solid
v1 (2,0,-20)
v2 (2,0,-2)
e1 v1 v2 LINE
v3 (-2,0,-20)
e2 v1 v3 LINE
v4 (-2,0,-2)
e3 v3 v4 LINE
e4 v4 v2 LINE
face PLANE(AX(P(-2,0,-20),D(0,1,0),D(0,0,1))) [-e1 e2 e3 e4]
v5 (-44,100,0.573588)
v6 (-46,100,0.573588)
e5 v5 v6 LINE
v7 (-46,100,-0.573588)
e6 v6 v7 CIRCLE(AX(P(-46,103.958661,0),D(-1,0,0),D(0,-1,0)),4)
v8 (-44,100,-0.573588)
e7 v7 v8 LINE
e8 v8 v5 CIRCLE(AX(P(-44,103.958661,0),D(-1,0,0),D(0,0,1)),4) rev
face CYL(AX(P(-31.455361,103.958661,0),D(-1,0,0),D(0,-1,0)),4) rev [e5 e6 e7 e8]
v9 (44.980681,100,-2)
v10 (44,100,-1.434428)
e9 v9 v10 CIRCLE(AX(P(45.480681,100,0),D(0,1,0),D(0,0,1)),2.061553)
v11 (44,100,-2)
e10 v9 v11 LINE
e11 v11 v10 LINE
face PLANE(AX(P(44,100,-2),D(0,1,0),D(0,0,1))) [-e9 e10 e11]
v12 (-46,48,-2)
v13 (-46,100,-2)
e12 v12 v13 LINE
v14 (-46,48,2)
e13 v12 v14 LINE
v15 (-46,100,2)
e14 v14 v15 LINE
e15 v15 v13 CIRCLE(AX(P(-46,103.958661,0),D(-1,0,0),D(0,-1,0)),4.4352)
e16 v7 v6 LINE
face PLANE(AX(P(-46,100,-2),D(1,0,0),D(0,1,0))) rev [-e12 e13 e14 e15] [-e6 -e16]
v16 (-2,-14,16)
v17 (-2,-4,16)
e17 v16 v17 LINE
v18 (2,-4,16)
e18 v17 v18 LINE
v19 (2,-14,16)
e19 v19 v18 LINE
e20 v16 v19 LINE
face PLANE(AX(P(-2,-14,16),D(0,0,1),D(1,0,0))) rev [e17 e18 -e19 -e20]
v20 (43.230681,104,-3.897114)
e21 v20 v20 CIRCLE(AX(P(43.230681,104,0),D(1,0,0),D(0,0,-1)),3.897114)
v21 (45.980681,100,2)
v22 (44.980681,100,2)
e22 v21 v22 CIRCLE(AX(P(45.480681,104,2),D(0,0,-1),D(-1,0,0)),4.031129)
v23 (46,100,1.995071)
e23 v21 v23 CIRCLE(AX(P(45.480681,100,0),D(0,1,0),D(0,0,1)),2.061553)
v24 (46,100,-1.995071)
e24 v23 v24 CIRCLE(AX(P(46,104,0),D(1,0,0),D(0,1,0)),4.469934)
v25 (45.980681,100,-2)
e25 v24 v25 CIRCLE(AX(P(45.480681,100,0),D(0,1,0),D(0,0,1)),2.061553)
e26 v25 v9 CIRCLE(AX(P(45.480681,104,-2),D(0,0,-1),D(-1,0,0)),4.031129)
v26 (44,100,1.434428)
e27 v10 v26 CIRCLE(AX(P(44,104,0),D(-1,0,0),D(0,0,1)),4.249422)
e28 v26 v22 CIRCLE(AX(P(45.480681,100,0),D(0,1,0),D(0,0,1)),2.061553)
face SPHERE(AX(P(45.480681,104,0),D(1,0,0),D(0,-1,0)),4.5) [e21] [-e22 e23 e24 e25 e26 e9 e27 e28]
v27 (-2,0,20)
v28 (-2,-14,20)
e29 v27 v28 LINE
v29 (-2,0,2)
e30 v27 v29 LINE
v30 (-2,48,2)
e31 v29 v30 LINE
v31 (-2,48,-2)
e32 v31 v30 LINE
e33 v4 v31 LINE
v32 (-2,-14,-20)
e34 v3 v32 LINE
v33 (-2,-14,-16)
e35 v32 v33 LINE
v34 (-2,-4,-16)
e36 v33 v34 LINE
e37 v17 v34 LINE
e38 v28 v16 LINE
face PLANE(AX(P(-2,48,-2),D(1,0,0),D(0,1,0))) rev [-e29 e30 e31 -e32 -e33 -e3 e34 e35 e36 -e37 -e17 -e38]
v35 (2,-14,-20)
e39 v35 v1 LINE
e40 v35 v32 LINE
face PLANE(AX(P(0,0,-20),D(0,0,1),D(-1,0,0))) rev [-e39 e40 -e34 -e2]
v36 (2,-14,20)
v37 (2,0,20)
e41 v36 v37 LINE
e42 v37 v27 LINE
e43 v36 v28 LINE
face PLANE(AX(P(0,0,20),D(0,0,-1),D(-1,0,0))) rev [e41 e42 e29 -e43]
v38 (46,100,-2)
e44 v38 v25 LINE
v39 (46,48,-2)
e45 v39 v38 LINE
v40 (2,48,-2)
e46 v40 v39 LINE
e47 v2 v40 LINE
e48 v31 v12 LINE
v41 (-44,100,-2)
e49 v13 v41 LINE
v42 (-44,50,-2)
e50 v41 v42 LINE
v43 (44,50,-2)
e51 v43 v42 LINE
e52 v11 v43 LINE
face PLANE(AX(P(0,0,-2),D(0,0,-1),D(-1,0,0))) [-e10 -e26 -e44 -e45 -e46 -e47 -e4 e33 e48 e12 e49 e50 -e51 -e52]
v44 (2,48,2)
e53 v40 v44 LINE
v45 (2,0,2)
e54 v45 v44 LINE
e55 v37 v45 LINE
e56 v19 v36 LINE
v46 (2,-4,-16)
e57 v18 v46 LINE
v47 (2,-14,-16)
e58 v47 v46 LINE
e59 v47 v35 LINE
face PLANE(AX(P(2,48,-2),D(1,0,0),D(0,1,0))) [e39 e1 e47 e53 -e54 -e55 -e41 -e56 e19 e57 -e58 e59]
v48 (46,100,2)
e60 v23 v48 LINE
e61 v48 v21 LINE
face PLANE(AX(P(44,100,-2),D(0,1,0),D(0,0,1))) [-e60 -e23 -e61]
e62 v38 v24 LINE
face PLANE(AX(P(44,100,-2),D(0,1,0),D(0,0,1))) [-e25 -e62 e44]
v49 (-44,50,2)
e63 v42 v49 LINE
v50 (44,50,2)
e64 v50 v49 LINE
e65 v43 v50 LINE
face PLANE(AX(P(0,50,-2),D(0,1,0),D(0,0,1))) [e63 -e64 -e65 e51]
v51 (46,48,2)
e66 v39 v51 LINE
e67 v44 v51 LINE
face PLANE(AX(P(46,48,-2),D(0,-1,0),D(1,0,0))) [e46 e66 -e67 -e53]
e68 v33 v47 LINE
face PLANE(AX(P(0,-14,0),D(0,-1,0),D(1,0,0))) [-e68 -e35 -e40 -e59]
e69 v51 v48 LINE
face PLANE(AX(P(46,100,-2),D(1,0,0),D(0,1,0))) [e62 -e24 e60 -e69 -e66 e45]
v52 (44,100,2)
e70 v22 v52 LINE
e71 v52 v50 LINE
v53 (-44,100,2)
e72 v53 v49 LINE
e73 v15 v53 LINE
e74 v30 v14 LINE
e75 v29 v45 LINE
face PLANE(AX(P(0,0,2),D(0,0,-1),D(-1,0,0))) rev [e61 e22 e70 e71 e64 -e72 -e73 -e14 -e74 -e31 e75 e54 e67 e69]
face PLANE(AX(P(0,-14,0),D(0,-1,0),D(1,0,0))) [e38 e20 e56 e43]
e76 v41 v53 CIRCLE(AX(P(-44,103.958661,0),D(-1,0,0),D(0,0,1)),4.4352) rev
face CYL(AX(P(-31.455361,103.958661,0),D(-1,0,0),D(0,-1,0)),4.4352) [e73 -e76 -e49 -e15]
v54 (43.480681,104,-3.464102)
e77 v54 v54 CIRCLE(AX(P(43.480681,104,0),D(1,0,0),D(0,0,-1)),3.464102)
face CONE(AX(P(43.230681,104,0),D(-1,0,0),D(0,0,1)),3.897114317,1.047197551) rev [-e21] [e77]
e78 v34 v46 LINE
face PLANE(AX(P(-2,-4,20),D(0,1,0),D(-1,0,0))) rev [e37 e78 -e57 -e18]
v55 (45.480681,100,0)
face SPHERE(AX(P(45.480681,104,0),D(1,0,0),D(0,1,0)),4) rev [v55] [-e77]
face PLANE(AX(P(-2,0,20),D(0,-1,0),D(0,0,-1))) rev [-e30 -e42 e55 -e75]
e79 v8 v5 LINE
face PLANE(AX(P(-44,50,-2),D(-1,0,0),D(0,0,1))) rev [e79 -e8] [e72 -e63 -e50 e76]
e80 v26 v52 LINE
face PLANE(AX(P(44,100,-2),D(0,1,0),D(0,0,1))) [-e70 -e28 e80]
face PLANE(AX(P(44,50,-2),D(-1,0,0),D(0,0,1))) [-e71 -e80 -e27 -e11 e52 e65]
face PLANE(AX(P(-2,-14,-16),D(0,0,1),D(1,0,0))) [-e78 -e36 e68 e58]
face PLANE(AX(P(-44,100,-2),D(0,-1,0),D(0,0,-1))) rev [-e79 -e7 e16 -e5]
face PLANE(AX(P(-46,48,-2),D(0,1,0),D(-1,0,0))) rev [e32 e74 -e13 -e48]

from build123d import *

# Parameters (mm, degrees)
BOSS_EXTRU_1_DEPTH = 2
ESQUISSE3_W        = 4
ESQUISSE3_H        = 4
BOSS_EXTRU_2_DEPTH = 20
ESQUISSE4_W        = 4
ESQUISSE4_H        = 4
BOSS_EXTRU_3_DEPTH = 10
ESQUISSE5_R        = 4.435199719
ESQUISSE5_R_2      = 4
BOSS_EXTRU_4_DEPTH = 2


with BuildPart() as part:
    # Esquisse1 → Boss.-Extru.1 (new body, symmetric)
    with BuildSketch(Plane.XY):
        Polygon((0, 0), (0, 50), (44, 50), (44, 100), (46, 100), (46, 48), (2, 48), (2, 0), align=None)
    boss_extru_1 = extrude(amount=BOSS_EXTRU_1_DEPTH, both=True)

    # Esquisse2 → Révolution1 (revolve)
    with BuildSketch(Plane.XY):
        with BuildLine():
            Line((43.480681174, 107.464101615), (43.230681174, 107.897114317))
            ThreePointArc((43.230681174, 107.897114317), (47.730681174, 107.897114317), (49.980681174, 104))
            Line((49.980681174, 104), (49.480681174, 104))
            ThreePointArc((49.480681174, 104), (47.480681174, 107.464101615), (43.480681174, 107.464101615))
        make_face()
    revolve(axis=Axis((49.980681174, 104, 0), (-1, 0, 0)))

    # Symétrie1: Boss.-Extru.1 across plane
    add(boss_extru_1.mirror(Plane(origin=(0, 0, -2), x_dir=(0, 0, 1), z_dir=(-1, 0, 0))))

    # Esquisse3 → Boss.-Extru.2 (add)
    with BuildSketch(Plane.XY):
        with Locations((0, -2)):
            Rectangle(ESQUISSE3_W, ESQUISSE3_H)
    boss_extru_2 = extrude(amount=BOSS_EXTRU_2_DEPTH)

    # Esquisse4 → Boss.-Extru.3 (add)
    with BuildSketch(Plane(origin=(0, -4, 0), x_dir=(-1, 0, 0), z_dir=(0, -1, 0))):
        with Locations((0, -18)):
            Rectangle(ESQUISSE4_W, ESQUISSE4_H)
    boss_extru_3 = extrude(amount=BOSS_EXTRU_3_DEPTH)

    # Symétrie2: Boss.-Extru.2, Boss.-Extru.3 across plane
    add(boss_extru_2.mirror(Plane(origin=(0, 0, 0), x_dir=(1, 0, 0), z_dir=(0, 0, -1))))
    add(boss_extru_3.mirror(Plane(origin=(0, 0, 0), x_dir=(1, 0, 0), z_dir=(0, 0, -1))))

    # Esquisse5 → Boss.-Extru.4 (add)
    with BuildSketch(Plane.ZY.offset(46)):
        with Locations((0, 103.958660954)):
            Circle(ESQUISSE5_R)
        with Locations((0, 103.958660954)):
            Circle(ESQUISSE5_R_2, mode=Mode.SUBTRACT)
    extrude(amount=-BOSS_EXTRU_4_DEPTH)


solid = part.part
